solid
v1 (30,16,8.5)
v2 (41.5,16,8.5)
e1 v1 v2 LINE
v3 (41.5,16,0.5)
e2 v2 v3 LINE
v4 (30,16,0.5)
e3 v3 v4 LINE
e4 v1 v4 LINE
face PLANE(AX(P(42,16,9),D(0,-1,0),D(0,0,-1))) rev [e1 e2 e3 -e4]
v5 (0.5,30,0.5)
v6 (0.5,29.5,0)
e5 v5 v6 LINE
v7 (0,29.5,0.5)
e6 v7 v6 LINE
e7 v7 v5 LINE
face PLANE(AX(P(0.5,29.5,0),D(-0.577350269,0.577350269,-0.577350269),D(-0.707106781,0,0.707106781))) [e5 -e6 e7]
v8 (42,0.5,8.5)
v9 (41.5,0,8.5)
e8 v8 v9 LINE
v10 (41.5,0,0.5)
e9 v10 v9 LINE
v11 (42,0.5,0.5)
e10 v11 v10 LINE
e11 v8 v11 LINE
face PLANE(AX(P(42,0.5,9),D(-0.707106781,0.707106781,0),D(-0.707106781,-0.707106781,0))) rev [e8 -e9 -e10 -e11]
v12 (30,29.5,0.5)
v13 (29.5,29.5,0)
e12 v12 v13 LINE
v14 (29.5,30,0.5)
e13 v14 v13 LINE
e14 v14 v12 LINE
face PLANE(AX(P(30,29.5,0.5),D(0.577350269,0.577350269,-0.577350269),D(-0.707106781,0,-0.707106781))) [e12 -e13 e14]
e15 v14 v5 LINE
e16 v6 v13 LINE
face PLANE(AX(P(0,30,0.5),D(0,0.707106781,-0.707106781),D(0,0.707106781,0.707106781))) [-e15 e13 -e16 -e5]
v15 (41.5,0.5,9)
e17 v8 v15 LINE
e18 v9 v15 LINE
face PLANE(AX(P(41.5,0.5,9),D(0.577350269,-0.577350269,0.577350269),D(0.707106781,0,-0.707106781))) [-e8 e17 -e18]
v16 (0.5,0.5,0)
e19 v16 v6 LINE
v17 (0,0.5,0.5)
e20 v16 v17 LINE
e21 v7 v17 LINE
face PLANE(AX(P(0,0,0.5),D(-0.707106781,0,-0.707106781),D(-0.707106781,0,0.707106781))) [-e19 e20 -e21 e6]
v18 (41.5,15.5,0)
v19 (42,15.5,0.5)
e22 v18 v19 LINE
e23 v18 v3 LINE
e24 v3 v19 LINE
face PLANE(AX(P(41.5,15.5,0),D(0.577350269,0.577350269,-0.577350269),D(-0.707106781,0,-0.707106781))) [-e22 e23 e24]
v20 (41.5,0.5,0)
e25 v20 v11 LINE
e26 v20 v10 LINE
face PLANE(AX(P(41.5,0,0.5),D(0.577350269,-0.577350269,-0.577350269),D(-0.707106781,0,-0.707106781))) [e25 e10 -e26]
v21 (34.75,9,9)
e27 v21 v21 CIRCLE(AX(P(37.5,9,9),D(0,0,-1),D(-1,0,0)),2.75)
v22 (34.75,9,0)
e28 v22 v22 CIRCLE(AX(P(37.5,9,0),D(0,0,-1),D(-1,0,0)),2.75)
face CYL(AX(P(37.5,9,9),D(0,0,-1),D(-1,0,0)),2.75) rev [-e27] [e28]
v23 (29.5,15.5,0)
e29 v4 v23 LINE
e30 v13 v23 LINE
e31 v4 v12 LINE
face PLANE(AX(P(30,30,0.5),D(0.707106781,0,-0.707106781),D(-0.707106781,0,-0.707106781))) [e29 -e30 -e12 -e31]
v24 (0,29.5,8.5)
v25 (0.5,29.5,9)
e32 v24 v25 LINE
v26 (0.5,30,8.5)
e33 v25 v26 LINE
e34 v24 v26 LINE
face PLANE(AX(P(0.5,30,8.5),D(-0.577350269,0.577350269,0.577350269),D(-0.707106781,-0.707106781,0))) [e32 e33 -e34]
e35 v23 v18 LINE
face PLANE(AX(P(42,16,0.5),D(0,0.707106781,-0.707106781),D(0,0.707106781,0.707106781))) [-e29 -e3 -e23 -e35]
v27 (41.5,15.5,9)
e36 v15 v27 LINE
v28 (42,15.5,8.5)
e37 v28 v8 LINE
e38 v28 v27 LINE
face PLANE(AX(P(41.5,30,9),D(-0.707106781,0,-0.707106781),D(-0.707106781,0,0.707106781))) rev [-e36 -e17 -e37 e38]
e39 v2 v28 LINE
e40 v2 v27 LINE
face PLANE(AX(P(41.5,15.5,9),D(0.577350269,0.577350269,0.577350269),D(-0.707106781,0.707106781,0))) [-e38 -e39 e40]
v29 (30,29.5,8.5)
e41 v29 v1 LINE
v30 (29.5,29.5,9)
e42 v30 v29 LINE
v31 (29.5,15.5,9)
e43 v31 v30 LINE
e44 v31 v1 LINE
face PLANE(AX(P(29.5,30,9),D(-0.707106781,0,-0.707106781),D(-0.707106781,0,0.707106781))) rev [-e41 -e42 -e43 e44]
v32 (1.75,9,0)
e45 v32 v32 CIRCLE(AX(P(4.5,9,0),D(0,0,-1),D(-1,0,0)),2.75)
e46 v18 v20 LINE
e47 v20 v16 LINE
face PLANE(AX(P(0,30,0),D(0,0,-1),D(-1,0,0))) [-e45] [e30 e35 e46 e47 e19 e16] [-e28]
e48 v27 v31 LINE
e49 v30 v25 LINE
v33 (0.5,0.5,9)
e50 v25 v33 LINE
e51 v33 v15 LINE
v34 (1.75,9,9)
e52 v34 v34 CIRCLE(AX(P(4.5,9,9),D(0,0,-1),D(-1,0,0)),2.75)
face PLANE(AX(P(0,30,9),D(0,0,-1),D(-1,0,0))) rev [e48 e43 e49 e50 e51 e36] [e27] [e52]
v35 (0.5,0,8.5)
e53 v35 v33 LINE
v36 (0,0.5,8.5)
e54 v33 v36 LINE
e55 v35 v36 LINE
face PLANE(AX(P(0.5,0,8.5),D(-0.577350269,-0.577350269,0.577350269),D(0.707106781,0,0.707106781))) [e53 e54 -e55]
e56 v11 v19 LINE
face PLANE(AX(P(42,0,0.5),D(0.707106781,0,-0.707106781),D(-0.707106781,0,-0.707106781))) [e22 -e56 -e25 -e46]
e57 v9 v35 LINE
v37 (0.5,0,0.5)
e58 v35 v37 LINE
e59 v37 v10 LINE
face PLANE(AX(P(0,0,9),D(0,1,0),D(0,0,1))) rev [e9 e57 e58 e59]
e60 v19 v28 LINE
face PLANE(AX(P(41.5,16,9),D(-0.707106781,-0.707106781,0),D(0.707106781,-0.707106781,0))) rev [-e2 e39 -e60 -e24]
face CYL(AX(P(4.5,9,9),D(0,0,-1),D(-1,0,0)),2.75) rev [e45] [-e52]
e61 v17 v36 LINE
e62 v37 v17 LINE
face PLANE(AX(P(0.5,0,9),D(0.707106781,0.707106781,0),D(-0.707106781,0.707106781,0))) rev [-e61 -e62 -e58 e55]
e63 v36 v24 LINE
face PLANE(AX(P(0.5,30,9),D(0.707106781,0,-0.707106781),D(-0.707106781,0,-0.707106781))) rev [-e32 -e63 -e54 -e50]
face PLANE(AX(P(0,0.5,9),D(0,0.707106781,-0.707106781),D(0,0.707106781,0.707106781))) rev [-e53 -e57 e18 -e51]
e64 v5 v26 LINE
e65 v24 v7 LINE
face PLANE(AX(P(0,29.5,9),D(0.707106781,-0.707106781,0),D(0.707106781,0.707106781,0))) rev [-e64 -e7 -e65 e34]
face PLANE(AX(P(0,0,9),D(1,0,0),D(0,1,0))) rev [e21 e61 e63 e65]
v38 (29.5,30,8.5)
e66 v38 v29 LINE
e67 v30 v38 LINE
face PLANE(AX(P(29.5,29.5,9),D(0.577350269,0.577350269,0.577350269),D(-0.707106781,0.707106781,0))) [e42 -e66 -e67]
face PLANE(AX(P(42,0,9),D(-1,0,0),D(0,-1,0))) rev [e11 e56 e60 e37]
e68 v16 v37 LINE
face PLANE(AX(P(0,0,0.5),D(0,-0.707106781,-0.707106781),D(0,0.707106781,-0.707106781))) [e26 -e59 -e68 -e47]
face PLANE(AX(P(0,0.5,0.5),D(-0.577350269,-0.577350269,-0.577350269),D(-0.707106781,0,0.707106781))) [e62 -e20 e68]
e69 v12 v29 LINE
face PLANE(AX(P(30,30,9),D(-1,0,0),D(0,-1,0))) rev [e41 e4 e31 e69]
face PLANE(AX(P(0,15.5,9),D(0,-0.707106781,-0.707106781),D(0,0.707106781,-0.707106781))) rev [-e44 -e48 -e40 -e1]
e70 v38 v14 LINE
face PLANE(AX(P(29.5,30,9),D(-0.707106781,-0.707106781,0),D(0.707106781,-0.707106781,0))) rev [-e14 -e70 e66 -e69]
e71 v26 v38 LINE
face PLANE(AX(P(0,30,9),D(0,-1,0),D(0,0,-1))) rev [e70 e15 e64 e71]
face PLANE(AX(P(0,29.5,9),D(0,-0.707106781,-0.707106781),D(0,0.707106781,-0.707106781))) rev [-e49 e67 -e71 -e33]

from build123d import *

# Parameters (mm, degrees)
SKETCH_1_W          = 42
SKETCH_1_H          = 30
EXTRUDE_1_DEPTH     = 9
SKETCH_2_W          = 12
SKETCH_2_H          = 14
CUT_EXTRUDE_1_DEPTH = 53.39274759
CHAMFER_1_SIZE      = 0.5
SKETCH_3_R          = 2.75
CUT_EXTRUDE_2_DEPTH = 53.39274759


with BuildPart() as part:
    # 草图1 → 凸台-拉伸1 (new body)
    with BuildSketch(Plane.XY):
        with Locations((21, 15)):
            Rectangle(SKETCH_1_W, SKETCH_1_H)
    extrude(amount=EXTRUDE_1_DEPTH)

    # 草图2 → 切除-拉伸1 (cut, through all)
    with BuildSketch(Plane(origin=(0, 0, 0), x_dir=(-1, 0, 0), z_dir=(0, 0, -1))):
        with Locations((-36, 23)):
            Rectangle(SKETCH_2_W, SKETCH_2_H)
    extrude(amount=-CUT_EXTRUDE_1_DEPTH, mode=Mode.SUBTRACT)

    # 倒角1
    chamfer_1_edges = [part.edges().sort_by_distance(p)[0] for p in [
        (42, 8, 9),
        (15, 30, 0),
        (15, 30, 9),
        (42, 16, 4.5),
        (30, 23, 9),
        (30, 30, 4.5),
        (36, 16, 9),
        (36, 16, 0),
        (30, 23, 0),
        (0, 15, 9),
        (42, 8, 0),
        (21, 0, 0),
        (0, 15, 0),
        (21, 0, 9),
        (0, 30, 4.5),
        (42, 0, 4.5),
        (0, 0, 4.5),
    ]]
    chamfer(chamfer_1_edges, length=CHAMFER_1_SIZE)

    # 草图3 → 切除-拉伸2 (cut, through all)
    with BuildSketch(Plane(origin=(0, 0, 0), x_dir=(-1, 0, 0), z_dir=(0, 0, -1))):
        with Locations((-37.5, 9)):
            Circle(SKETCH_3_R)
        with Locations((-4.5, 9)):
            Circle(SKETCH_3_R)
    extrude(amount=-CUT_EXTRUDE_2_DEPTH, mode=Mode.SUBTRACT)


solid = part.part
